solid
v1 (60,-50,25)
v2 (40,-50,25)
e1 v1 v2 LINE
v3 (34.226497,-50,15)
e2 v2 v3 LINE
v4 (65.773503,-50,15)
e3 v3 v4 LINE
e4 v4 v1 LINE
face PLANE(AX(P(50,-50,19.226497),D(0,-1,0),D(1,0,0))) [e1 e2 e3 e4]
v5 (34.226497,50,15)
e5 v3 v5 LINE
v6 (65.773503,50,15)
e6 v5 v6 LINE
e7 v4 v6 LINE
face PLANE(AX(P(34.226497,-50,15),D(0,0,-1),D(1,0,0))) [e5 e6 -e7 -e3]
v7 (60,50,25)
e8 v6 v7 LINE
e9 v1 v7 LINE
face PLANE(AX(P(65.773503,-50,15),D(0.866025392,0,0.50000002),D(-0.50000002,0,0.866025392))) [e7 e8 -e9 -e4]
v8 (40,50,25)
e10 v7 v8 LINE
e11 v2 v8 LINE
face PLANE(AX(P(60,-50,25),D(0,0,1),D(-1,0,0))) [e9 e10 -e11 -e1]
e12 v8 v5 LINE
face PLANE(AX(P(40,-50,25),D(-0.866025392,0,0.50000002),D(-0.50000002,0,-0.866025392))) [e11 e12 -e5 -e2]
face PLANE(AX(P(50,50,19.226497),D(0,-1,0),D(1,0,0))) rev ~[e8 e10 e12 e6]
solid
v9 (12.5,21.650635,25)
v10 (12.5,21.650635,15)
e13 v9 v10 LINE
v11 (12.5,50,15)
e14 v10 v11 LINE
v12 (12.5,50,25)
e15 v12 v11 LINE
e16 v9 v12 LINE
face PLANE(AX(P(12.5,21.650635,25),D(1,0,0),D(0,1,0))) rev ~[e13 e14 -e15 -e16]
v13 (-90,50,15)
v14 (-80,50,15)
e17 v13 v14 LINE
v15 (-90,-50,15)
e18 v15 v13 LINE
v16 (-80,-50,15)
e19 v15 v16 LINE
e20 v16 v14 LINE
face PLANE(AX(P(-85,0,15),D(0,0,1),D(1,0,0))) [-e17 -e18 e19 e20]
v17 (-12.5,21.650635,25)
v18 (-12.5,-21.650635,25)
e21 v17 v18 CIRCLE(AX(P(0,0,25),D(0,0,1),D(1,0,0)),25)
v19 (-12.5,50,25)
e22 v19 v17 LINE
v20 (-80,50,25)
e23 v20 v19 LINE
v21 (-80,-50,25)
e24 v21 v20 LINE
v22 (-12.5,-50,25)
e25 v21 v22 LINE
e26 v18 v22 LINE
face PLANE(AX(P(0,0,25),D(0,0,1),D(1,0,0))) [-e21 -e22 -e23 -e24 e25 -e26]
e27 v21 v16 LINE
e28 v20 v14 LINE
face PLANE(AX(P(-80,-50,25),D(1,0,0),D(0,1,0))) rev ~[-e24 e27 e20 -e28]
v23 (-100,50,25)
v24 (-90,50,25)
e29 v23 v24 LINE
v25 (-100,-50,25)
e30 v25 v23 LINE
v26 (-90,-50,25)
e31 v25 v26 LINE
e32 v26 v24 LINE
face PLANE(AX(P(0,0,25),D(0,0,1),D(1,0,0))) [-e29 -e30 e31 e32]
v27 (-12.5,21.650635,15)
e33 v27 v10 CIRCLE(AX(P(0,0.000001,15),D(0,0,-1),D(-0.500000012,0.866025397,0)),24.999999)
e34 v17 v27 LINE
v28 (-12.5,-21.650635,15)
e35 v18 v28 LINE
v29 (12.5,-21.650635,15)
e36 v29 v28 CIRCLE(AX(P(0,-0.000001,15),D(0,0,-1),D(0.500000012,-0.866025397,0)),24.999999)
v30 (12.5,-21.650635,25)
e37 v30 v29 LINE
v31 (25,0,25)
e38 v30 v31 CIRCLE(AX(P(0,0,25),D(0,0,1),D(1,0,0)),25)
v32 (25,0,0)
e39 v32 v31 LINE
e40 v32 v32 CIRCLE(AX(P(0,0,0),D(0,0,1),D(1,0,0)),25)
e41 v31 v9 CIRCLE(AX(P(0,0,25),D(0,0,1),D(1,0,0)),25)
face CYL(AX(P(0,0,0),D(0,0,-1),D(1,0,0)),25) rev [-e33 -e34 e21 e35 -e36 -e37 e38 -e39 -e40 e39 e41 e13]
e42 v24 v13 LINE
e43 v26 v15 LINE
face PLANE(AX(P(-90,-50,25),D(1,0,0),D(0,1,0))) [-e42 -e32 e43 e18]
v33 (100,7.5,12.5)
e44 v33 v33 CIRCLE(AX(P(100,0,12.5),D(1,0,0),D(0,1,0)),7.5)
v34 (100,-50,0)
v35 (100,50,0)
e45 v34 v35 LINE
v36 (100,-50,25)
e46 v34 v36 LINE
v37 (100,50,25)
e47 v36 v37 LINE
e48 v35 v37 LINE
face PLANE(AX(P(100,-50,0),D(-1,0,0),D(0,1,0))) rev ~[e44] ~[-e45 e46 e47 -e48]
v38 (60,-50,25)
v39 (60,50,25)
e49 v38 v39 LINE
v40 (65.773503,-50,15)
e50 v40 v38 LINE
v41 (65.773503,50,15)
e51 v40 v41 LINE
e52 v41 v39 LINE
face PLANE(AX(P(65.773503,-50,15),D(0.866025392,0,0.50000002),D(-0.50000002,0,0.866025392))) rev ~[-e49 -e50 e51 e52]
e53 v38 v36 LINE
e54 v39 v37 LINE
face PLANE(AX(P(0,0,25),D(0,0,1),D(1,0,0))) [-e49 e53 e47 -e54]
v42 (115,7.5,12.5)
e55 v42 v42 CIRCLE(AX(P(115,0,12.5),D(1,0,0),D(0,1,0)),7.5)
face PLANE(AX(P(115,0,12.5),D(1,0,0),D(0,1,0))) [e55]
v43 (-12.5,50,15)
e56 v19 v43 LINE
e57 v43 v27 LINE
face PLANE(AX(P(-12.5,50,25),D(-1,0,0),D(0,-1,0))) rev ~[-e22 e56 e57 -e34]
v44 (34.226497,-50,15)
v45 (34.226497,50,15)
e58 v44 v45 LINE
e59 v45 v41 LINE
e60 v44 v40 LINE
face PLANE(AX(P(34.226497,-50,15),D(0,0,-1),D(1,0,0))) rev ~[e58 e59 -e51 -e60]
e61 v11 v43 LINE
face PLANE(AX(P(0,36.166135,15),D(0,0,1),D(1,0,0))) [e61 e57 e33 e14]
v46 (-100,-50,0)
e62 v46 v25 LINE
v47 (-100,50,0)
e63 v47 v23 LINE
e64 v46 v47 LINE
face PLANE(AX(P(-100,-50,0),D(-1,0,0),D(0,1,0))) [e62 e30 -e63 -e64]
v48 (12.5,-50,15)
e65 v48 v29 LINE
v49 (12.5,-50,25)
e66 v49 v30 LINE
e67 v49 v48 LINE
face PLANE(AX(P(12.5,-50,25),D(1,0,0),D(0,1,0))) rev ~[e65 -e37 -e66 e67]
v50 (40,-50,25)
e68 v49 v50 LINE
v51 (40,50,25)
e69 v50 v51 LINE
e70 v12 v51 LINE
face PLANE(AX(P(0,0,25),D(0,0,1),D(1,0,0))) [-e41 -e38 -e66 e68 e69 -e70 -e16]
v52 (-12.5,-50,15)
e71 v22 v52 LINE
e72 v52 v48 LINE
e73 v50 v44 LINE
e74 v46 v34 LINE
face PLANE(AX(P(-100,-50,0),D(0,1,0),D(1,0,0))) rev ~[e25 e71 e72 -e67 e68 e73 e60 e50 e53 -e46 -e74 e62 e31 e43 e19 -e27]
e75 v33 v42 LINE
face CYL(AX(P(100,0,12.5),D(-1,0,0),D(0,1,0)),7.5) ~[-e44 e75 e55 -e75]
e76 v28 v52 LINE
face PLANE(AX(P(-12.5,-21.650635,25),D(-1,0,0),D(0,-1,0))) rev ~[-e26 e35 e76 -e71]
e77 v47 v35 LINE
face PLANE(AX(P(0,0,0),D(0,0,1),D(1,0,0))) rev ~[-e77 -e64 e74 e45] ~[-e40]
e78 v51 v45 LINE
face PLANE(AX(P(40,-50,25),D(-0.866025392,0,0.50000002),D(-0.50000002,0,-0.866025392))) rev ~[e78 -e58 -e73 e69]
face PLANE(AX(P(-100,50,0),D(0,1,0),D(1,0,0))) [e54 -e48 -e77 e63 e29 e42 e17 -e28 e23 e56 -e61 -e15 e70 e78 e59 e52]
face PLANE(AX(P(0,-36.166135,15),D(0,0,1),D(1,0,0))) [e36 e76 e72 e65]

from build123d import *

# Parameters (mm, degrees)
F0_W     = 200
F0_H     = 100
F0_R     = 25
F1_DEPTH = 25
F2_W     = 10
F2_H     = 100
F3_DEPTH = 10
F5_DEPTH = 100
F6_R     = 7.5
F7_DEPTH = 15
F9_DEPTH = 100


with BuildPart() as f1:
    # F0 (on Top) → F1 (new body)
    with BuildSketch(Plane.XY):
        Rectangle(F0_W, F0_H)
        Circle(F0_R, mode=Mode.SUBTRACT)
    extrude(amount=F1_DEPTH)

    # F2 (on face) → F3 (cut)
    with BuildSketch(Plane.XY.offset(25)):
        with BuildLine():
            Line((-12.5, -21.650635), (-12.5, -50))
            Line((-12.5, -50), (12.5, -50))
            Line((12.5, -50), (12.5, -21.650635))
            ThreePointArc((12.5, -21.650635), (0, -25), (-12.5, -21.650635))
        make_face()
        with BuildLine():
            Line((12.5, 50), (-12.5, 50))
            Line((-12.5, 50), (-12.5, 21.650635))
            ThreePointArc((-12.5, 21.650635), (0, 25), (12.5, 21.650635))
            Line((12.5, 21.650635), (12.5, 50))
        make_face()
        with Locations((-85, 0)):
            Rectangle(F2_W, F2_H)
    extrude(amount=-F3_DEPTH, mode=Mode.SUBTRACT)

    # F4 (on face) → F5 (cut)
    with BuildSketch(Plane.XZ.offset(50)):
        Polygon((60, 25), (40, 25), (34.226497, 15), (65.773503, 15), align=None)
    extrude(amount=-F5_DEPTH, mode=Mode.SUBTRACT)

    # F6 (on face) → F7 (join)
    with BuildSketch(Plane.YZ.offset(100)):
        with Locations((0, 12.5)):
            Circle(F6_R)
    extrude(amount=F7_DEPTH)


with BuildPart() as f9:
    # F8 (on face) → F9 (new body)
    with BuildSketch(Plane.XZ.offset(50)):
        Polygon((60, 25), (40, 25), (34.226497, 15), (65.773503, 15), align=None)
    extrude(amount=-F9_DEPTH)


solid = Compound([f1.part, f9.part])
